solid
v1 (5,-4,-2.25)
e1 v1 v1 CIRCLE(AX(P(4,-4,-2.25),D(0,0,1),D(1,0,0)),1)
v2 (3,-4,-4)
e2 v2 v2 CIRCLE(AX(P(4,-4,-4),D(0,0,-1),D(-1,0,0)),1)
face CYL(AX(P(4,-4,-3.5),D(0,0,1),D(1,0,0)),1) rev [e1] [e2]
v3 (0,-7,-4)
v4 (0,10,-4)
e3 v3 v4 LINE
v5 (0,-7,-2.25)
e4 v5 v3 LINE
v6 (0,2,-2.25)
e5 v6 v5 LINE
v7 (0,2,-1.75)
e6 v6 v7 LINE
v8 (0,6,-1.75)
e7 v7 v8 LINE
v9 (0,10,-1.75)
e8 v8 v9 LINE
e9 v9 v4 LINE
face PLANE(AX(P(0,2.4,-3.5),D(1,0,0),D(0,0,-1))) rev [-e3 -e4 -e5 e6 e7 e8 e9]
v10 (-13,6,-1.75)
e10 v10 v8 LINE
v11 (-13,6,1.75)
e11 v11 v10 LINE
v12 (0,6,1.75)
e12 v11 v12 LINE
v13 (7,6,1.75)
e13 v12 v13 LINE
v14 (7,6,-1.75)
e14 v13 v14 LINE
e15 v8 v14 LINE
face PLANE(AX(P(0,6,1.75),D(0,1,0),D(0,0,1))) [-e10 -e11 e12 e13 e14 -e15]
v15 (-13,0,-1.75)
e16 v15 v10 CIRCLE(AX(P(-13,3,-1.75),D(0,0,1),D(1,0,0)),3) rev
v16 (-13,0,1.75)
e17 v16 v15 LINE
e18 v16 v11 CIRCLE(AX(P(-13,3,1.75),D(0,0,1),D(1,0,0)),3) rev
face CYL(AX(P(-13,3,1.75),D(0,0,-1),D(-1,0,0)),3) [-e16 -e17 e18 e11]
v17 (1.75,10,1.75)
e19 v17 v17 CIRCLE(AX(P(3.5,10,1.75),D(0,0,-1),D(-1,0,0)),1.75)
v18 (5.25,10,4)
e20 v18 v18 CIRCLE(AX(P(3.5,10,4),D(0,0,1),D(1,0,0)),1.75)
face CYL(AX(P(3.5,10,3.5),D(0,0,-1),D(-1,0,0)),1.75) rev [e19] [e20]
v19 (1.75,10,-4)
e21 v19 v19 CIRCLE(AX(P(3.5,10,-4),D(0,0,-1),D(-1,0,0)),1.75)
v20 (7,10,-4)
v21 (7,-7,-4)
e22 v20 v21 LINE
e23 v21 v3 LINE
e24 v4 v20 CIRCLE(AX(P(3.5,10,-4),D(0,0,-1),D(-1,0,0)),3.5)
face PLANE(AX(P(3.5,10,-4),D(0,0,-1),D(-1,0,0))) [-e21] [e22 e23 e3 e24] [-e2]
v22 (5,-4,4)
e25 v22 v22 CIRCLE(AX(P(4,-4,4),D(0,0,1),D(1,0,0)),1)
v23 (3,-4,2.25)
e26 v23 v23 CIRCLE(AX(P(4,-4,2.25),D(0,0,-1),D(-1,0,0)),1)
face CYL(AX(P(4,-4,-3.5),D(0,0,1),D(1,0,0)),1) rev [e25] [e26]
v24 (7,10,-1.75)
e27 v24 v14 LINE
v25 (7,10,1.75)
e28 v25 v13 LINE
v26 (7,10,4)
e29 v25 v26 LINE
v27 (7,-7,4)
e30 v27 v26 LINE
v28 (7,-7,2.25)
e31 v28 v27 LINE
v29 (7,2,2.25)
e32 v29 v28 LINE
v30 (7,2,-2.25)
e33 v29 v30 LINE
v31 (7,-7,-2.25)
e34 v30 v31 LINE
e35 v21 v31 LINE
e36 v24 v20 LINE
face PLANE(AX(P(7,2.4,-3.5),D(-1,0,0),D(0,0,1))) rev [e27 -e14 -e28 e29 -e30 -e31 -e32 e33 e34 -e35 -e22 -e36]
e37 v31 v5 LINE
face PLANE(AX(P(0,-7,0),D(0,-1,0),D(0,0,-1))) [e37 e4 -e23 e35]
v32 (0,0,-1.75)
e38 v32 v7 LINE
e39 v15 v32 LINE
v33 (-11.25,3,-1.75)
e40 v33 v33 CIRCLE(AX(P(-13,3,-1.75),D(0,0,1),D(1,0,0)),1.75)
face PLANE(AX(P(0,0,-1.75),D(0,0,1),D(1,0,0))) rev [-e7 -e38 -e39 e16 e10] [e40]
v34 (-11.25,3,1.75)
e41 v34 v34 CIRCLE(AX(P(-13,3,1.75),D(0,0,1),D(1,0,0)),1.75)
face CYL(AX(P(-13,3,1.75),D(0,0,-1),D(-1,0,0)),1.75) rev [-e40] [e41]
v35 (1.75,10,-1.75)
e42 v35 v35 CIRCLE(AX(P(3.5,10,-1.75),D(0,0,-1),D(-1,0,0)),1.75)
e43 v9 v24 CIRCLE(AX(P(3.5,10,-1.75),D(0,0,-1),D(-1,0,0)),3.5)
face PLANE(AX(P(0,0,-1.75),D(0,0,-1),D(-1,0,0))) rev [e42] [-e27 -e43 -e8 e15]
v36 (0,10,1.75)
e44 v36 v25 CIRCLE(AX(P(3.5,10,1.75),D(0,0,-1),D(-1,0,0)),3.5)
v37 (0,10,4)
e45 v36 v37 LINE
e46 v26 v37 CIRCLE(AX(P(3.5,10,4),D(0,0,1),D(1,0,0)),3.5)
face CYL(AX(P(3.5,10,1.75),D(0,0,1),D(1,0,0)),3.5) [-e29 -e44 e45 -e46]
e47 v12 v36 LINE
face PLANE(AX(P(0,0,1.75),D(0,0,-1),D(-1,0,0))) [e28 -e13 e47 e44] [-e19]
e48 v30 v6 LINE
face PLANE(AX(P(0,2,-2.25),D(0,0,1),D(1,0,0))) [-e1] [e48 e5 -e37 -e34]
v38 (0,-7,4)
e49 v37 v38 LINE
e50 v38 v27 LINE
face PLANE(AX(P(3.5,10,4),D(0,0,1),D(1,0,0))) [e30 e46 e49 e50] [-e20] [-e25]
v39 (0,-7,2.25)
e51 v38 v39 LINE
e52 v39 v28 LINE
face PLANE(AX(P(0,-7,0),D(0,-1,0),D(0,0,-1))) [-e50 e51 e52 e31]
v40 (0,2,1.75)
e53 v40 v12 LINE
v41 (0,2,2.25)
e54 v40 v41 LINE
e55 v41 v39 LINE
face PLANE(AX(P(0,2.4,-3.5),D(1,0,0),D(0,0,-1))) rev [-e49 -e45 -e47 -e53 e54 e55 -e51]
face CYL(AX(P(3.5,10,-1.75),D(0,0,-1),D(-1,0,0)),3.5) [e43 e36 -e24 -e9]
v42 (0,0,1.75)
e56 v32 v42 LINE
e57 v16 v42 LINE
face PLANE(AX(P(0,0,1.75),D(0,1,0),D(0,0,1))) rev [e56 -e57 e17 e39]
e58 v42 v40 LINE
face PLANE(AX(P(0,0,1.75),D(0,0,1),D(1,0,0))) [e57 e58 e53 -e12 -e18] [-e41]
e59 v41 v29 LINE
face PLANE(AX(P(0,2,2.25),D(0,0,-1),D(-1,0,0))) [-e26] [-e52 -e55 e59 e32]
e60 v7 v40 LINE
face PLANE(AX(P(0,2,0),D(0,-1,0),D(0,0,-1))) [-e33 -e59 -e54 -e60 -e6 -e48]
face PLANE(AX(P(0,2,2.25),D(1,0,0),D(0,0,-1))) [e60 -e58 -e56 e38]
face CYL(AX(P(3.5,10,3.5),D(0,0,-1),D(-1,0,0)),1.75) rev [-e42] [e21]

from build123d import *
from build123d.topology import SkipClean

# Parameters (mm, degrees)
SKETCH_1_W          = 7
SKETCH_1_H          = 7
EXTRUDE_1_DEPTH     = 2.4
EXTRUDE_6_DEPTH     = 1.75
EXTRUDE_START       = -5.25
EXTRUDE_8_DEPTH     = 1.75
SKETCH_11_R         = 1.75
CUT_EXTRUDE_1_DEPTH = 17.740669043
SKETCH_17_W         = 7
SKETCH_17_H         = 7
EXTRUDE_10_DEPTH    = 7
SKETCH_15_R         = 1.75
EXTRUDE_9_DEPTH     = 1.75
SKETCH_12_R         = 1
CUT_EXTRUDE_2_DEPTH = 21.639767441
SKETCH_18_W         = 7
SKETCH_18_H         = 4.5
CUT_EXTRUDE_4_DEPTH = 9
SKETCH_19_R         = 1
SKETCH_19_R_2       = 1.75
EXTRUDE_11_DEPTH    = 0.5
EXTRUDE_START_2     = 0.5
SKETCH_20_R         = 1
SKETCH_20_R_2       = 1.75
EXTRUDE_12_DEPTH    = 0.5


with BuildPart() as part:
    # 草图1 → 凸台-拉伸1 (new body)
    with BuildSketch(Plane(origin=(0, 0, 0), x_dir=(1, 0, 0), z_dir=(0, 1, 0))):
        with Locations((3.5, 0)):
            Rectangle(SKETCH_1_W, SKETCH_1_H)
    extrude(amount=EXTRUDE_1_DEPTH)

    # 草图10 → 凸台-拉伸6 (add)
    with BuildSketch(Plane(origin=(0, 0, -3.5), x_dir=(-1, 0, 0), z_dir=(0, 0, -1))):
        with BuildLine():
            Line((-7, 10), (-7, 2.4))
            Line((-7, 2.4), (0, 2.4))
            Line((0, 2.4), (0, 10))
            ThreePointArc((0, 10), (-3.5, 13.5), (-7, 10))
        make_face()
    extrude(amount=-EXTRUDE_6_DEPTH)

    # 草图10<2> → 凸台-拉伸8 (add)
    with BuildSketch(Plane(origin=(0, 0, -3.5), x_dir=(-1, 0, 0), z_dir=(0, 0, -1)).offset(EXTRUDE_START)):
        with BuildLine():
            Line((-7, 10), (-7, 2.4))
            Line((-7, 2.4), (0, 2.4))
            Line((0, 2.4), (0, 10))
            ThreePointArc((0, 10), (-3.5, 13.5), (-7, 10))
        make_face()
    extrude(amount=-EXTRUDE_8_DEPTH)

    # 草图11 → 切除-拉伸1 (cut, through all)
    with BuildSketch(Plane(origin=(0, 0, -3.5), x_dir=(-1, 0, 0), z_dir=(0, 0, -1))):
        with Locations((-3.5, 10)):
            Circle(SKETCH_11_R)
    extrude(amount=-CUT_EXTRUDE_1_DEPTH, mode=Mode.SUBTRACT)

    # 草图17 → 凸台-拉伸10 (add)
    with BuildSketch(Plane.XZ):
        with Locations((3.5, 0)):
            Rectangle(SKETCH_17_W, SKETCH_17_H)
    extrude(amount=EXTRUDE_10_DEPTH)

    # 草图15 → 凸台-拉伸9 (add, symmetric)
    with BuildSketch(Plane.XY):
        with BuildLine():
            Line((7, 2.4), (7, 6))
            Line((7, 6), (-13, 6))
            ThreePointArc((-13, 6), (-16, 3), (-13, 0))
            Line((-13, 0), (7, 0))
            Line((7, 0), (7, 2.4))
        make_face()
        with Locations((-13, 3)):
            Circle(SKETCH_15_R, mode=Mode.SUBTRACT)
    extrude(amount=EXTRUDE_9_DEPTH, both=True)

    # 草图12 → 切除-拉伸2 (cut, through all)
    with BuildSketch(Plane(origin=(0, 4, 3.5), x_dir=(1, 0, 0), z_dir=(0, 0, -1))):
        with Locations((4, 8)):
            Circle(SKETCH_12_R)
    extrude(amount=CUT_EXTRUDE_2_DEPTH, mode=Mode.SUBTRACT)

    # 草图18 → 切除-拉伸4 (cut)
    with BuildSketch(Plane(origin=(7.4, -7, 0), x_dir=(1, 0, 0), z_dir=(0, 1, 0))):
        with Locations((-3.9, 0)):
            Rectangle(SKETCH_18_W, SKETCH_18_H)
    extrude(amount=CUT_EXTRUDE_4_DEPTH, mode=Mode.SUBTRACT)

    # 草图19 → 凸台-拉伸11 (add)
    with SkipClean():  # the faces are left unmerged after this step: merging them gives an invalid solid
        with BuildSketch(Plane.XY.offset(3.5)):
            with BuildLine():
                Line((0, 10), (0, -7))
                Line((0, -7), (7, -7))
                Line((7, -7), (7, 10))
                ThreePointArc((7, 10), (3.5, 13.5), (0, 10))
            make_face()
            with Locations((4, -4)):
                Circle(SKETCH_19_R, mode=Mode.SUBTRACT)
            with Locations((3.5, 10)):
                Circle(SKETCH_19_R_2, mode=Mode.SUBTRACT)
        extrude(amount=EXTRUDE_11_DEPTH)

    # 草图20 → 凸台-拉伸12 (add)
    with SkipClean():  # the faces are left unmerged after this step: merging them gives an invalid solid
        with BuildSketch(Plane(origin=(0, 0, -3.5), x_dir=(-1, 0, 0), z_dir=(0, 0, -1)).offset(EXTRUDE_START_2)):
            with BuildLine():
                Line((-7, 10), (-7, -7))
                Line((-7, -7), (0, -7))
                Line((0, -7), (0, 10))
                ThreePointArc((0, 10), (-3.5, 13.5), (-7, 10))
            make_face()
            with Locations((-4, -4)):
                Circle(SKETCH_20_R, mode=Mode.SUBTRACT)
            with Locations((-3.5, 10)):
                Circle(SKETCH_20_R_2, mode=Mode.SUBTRACT)
        extrude(amount=-EXTRUDE_12_DEPTH)


solid = part.part
